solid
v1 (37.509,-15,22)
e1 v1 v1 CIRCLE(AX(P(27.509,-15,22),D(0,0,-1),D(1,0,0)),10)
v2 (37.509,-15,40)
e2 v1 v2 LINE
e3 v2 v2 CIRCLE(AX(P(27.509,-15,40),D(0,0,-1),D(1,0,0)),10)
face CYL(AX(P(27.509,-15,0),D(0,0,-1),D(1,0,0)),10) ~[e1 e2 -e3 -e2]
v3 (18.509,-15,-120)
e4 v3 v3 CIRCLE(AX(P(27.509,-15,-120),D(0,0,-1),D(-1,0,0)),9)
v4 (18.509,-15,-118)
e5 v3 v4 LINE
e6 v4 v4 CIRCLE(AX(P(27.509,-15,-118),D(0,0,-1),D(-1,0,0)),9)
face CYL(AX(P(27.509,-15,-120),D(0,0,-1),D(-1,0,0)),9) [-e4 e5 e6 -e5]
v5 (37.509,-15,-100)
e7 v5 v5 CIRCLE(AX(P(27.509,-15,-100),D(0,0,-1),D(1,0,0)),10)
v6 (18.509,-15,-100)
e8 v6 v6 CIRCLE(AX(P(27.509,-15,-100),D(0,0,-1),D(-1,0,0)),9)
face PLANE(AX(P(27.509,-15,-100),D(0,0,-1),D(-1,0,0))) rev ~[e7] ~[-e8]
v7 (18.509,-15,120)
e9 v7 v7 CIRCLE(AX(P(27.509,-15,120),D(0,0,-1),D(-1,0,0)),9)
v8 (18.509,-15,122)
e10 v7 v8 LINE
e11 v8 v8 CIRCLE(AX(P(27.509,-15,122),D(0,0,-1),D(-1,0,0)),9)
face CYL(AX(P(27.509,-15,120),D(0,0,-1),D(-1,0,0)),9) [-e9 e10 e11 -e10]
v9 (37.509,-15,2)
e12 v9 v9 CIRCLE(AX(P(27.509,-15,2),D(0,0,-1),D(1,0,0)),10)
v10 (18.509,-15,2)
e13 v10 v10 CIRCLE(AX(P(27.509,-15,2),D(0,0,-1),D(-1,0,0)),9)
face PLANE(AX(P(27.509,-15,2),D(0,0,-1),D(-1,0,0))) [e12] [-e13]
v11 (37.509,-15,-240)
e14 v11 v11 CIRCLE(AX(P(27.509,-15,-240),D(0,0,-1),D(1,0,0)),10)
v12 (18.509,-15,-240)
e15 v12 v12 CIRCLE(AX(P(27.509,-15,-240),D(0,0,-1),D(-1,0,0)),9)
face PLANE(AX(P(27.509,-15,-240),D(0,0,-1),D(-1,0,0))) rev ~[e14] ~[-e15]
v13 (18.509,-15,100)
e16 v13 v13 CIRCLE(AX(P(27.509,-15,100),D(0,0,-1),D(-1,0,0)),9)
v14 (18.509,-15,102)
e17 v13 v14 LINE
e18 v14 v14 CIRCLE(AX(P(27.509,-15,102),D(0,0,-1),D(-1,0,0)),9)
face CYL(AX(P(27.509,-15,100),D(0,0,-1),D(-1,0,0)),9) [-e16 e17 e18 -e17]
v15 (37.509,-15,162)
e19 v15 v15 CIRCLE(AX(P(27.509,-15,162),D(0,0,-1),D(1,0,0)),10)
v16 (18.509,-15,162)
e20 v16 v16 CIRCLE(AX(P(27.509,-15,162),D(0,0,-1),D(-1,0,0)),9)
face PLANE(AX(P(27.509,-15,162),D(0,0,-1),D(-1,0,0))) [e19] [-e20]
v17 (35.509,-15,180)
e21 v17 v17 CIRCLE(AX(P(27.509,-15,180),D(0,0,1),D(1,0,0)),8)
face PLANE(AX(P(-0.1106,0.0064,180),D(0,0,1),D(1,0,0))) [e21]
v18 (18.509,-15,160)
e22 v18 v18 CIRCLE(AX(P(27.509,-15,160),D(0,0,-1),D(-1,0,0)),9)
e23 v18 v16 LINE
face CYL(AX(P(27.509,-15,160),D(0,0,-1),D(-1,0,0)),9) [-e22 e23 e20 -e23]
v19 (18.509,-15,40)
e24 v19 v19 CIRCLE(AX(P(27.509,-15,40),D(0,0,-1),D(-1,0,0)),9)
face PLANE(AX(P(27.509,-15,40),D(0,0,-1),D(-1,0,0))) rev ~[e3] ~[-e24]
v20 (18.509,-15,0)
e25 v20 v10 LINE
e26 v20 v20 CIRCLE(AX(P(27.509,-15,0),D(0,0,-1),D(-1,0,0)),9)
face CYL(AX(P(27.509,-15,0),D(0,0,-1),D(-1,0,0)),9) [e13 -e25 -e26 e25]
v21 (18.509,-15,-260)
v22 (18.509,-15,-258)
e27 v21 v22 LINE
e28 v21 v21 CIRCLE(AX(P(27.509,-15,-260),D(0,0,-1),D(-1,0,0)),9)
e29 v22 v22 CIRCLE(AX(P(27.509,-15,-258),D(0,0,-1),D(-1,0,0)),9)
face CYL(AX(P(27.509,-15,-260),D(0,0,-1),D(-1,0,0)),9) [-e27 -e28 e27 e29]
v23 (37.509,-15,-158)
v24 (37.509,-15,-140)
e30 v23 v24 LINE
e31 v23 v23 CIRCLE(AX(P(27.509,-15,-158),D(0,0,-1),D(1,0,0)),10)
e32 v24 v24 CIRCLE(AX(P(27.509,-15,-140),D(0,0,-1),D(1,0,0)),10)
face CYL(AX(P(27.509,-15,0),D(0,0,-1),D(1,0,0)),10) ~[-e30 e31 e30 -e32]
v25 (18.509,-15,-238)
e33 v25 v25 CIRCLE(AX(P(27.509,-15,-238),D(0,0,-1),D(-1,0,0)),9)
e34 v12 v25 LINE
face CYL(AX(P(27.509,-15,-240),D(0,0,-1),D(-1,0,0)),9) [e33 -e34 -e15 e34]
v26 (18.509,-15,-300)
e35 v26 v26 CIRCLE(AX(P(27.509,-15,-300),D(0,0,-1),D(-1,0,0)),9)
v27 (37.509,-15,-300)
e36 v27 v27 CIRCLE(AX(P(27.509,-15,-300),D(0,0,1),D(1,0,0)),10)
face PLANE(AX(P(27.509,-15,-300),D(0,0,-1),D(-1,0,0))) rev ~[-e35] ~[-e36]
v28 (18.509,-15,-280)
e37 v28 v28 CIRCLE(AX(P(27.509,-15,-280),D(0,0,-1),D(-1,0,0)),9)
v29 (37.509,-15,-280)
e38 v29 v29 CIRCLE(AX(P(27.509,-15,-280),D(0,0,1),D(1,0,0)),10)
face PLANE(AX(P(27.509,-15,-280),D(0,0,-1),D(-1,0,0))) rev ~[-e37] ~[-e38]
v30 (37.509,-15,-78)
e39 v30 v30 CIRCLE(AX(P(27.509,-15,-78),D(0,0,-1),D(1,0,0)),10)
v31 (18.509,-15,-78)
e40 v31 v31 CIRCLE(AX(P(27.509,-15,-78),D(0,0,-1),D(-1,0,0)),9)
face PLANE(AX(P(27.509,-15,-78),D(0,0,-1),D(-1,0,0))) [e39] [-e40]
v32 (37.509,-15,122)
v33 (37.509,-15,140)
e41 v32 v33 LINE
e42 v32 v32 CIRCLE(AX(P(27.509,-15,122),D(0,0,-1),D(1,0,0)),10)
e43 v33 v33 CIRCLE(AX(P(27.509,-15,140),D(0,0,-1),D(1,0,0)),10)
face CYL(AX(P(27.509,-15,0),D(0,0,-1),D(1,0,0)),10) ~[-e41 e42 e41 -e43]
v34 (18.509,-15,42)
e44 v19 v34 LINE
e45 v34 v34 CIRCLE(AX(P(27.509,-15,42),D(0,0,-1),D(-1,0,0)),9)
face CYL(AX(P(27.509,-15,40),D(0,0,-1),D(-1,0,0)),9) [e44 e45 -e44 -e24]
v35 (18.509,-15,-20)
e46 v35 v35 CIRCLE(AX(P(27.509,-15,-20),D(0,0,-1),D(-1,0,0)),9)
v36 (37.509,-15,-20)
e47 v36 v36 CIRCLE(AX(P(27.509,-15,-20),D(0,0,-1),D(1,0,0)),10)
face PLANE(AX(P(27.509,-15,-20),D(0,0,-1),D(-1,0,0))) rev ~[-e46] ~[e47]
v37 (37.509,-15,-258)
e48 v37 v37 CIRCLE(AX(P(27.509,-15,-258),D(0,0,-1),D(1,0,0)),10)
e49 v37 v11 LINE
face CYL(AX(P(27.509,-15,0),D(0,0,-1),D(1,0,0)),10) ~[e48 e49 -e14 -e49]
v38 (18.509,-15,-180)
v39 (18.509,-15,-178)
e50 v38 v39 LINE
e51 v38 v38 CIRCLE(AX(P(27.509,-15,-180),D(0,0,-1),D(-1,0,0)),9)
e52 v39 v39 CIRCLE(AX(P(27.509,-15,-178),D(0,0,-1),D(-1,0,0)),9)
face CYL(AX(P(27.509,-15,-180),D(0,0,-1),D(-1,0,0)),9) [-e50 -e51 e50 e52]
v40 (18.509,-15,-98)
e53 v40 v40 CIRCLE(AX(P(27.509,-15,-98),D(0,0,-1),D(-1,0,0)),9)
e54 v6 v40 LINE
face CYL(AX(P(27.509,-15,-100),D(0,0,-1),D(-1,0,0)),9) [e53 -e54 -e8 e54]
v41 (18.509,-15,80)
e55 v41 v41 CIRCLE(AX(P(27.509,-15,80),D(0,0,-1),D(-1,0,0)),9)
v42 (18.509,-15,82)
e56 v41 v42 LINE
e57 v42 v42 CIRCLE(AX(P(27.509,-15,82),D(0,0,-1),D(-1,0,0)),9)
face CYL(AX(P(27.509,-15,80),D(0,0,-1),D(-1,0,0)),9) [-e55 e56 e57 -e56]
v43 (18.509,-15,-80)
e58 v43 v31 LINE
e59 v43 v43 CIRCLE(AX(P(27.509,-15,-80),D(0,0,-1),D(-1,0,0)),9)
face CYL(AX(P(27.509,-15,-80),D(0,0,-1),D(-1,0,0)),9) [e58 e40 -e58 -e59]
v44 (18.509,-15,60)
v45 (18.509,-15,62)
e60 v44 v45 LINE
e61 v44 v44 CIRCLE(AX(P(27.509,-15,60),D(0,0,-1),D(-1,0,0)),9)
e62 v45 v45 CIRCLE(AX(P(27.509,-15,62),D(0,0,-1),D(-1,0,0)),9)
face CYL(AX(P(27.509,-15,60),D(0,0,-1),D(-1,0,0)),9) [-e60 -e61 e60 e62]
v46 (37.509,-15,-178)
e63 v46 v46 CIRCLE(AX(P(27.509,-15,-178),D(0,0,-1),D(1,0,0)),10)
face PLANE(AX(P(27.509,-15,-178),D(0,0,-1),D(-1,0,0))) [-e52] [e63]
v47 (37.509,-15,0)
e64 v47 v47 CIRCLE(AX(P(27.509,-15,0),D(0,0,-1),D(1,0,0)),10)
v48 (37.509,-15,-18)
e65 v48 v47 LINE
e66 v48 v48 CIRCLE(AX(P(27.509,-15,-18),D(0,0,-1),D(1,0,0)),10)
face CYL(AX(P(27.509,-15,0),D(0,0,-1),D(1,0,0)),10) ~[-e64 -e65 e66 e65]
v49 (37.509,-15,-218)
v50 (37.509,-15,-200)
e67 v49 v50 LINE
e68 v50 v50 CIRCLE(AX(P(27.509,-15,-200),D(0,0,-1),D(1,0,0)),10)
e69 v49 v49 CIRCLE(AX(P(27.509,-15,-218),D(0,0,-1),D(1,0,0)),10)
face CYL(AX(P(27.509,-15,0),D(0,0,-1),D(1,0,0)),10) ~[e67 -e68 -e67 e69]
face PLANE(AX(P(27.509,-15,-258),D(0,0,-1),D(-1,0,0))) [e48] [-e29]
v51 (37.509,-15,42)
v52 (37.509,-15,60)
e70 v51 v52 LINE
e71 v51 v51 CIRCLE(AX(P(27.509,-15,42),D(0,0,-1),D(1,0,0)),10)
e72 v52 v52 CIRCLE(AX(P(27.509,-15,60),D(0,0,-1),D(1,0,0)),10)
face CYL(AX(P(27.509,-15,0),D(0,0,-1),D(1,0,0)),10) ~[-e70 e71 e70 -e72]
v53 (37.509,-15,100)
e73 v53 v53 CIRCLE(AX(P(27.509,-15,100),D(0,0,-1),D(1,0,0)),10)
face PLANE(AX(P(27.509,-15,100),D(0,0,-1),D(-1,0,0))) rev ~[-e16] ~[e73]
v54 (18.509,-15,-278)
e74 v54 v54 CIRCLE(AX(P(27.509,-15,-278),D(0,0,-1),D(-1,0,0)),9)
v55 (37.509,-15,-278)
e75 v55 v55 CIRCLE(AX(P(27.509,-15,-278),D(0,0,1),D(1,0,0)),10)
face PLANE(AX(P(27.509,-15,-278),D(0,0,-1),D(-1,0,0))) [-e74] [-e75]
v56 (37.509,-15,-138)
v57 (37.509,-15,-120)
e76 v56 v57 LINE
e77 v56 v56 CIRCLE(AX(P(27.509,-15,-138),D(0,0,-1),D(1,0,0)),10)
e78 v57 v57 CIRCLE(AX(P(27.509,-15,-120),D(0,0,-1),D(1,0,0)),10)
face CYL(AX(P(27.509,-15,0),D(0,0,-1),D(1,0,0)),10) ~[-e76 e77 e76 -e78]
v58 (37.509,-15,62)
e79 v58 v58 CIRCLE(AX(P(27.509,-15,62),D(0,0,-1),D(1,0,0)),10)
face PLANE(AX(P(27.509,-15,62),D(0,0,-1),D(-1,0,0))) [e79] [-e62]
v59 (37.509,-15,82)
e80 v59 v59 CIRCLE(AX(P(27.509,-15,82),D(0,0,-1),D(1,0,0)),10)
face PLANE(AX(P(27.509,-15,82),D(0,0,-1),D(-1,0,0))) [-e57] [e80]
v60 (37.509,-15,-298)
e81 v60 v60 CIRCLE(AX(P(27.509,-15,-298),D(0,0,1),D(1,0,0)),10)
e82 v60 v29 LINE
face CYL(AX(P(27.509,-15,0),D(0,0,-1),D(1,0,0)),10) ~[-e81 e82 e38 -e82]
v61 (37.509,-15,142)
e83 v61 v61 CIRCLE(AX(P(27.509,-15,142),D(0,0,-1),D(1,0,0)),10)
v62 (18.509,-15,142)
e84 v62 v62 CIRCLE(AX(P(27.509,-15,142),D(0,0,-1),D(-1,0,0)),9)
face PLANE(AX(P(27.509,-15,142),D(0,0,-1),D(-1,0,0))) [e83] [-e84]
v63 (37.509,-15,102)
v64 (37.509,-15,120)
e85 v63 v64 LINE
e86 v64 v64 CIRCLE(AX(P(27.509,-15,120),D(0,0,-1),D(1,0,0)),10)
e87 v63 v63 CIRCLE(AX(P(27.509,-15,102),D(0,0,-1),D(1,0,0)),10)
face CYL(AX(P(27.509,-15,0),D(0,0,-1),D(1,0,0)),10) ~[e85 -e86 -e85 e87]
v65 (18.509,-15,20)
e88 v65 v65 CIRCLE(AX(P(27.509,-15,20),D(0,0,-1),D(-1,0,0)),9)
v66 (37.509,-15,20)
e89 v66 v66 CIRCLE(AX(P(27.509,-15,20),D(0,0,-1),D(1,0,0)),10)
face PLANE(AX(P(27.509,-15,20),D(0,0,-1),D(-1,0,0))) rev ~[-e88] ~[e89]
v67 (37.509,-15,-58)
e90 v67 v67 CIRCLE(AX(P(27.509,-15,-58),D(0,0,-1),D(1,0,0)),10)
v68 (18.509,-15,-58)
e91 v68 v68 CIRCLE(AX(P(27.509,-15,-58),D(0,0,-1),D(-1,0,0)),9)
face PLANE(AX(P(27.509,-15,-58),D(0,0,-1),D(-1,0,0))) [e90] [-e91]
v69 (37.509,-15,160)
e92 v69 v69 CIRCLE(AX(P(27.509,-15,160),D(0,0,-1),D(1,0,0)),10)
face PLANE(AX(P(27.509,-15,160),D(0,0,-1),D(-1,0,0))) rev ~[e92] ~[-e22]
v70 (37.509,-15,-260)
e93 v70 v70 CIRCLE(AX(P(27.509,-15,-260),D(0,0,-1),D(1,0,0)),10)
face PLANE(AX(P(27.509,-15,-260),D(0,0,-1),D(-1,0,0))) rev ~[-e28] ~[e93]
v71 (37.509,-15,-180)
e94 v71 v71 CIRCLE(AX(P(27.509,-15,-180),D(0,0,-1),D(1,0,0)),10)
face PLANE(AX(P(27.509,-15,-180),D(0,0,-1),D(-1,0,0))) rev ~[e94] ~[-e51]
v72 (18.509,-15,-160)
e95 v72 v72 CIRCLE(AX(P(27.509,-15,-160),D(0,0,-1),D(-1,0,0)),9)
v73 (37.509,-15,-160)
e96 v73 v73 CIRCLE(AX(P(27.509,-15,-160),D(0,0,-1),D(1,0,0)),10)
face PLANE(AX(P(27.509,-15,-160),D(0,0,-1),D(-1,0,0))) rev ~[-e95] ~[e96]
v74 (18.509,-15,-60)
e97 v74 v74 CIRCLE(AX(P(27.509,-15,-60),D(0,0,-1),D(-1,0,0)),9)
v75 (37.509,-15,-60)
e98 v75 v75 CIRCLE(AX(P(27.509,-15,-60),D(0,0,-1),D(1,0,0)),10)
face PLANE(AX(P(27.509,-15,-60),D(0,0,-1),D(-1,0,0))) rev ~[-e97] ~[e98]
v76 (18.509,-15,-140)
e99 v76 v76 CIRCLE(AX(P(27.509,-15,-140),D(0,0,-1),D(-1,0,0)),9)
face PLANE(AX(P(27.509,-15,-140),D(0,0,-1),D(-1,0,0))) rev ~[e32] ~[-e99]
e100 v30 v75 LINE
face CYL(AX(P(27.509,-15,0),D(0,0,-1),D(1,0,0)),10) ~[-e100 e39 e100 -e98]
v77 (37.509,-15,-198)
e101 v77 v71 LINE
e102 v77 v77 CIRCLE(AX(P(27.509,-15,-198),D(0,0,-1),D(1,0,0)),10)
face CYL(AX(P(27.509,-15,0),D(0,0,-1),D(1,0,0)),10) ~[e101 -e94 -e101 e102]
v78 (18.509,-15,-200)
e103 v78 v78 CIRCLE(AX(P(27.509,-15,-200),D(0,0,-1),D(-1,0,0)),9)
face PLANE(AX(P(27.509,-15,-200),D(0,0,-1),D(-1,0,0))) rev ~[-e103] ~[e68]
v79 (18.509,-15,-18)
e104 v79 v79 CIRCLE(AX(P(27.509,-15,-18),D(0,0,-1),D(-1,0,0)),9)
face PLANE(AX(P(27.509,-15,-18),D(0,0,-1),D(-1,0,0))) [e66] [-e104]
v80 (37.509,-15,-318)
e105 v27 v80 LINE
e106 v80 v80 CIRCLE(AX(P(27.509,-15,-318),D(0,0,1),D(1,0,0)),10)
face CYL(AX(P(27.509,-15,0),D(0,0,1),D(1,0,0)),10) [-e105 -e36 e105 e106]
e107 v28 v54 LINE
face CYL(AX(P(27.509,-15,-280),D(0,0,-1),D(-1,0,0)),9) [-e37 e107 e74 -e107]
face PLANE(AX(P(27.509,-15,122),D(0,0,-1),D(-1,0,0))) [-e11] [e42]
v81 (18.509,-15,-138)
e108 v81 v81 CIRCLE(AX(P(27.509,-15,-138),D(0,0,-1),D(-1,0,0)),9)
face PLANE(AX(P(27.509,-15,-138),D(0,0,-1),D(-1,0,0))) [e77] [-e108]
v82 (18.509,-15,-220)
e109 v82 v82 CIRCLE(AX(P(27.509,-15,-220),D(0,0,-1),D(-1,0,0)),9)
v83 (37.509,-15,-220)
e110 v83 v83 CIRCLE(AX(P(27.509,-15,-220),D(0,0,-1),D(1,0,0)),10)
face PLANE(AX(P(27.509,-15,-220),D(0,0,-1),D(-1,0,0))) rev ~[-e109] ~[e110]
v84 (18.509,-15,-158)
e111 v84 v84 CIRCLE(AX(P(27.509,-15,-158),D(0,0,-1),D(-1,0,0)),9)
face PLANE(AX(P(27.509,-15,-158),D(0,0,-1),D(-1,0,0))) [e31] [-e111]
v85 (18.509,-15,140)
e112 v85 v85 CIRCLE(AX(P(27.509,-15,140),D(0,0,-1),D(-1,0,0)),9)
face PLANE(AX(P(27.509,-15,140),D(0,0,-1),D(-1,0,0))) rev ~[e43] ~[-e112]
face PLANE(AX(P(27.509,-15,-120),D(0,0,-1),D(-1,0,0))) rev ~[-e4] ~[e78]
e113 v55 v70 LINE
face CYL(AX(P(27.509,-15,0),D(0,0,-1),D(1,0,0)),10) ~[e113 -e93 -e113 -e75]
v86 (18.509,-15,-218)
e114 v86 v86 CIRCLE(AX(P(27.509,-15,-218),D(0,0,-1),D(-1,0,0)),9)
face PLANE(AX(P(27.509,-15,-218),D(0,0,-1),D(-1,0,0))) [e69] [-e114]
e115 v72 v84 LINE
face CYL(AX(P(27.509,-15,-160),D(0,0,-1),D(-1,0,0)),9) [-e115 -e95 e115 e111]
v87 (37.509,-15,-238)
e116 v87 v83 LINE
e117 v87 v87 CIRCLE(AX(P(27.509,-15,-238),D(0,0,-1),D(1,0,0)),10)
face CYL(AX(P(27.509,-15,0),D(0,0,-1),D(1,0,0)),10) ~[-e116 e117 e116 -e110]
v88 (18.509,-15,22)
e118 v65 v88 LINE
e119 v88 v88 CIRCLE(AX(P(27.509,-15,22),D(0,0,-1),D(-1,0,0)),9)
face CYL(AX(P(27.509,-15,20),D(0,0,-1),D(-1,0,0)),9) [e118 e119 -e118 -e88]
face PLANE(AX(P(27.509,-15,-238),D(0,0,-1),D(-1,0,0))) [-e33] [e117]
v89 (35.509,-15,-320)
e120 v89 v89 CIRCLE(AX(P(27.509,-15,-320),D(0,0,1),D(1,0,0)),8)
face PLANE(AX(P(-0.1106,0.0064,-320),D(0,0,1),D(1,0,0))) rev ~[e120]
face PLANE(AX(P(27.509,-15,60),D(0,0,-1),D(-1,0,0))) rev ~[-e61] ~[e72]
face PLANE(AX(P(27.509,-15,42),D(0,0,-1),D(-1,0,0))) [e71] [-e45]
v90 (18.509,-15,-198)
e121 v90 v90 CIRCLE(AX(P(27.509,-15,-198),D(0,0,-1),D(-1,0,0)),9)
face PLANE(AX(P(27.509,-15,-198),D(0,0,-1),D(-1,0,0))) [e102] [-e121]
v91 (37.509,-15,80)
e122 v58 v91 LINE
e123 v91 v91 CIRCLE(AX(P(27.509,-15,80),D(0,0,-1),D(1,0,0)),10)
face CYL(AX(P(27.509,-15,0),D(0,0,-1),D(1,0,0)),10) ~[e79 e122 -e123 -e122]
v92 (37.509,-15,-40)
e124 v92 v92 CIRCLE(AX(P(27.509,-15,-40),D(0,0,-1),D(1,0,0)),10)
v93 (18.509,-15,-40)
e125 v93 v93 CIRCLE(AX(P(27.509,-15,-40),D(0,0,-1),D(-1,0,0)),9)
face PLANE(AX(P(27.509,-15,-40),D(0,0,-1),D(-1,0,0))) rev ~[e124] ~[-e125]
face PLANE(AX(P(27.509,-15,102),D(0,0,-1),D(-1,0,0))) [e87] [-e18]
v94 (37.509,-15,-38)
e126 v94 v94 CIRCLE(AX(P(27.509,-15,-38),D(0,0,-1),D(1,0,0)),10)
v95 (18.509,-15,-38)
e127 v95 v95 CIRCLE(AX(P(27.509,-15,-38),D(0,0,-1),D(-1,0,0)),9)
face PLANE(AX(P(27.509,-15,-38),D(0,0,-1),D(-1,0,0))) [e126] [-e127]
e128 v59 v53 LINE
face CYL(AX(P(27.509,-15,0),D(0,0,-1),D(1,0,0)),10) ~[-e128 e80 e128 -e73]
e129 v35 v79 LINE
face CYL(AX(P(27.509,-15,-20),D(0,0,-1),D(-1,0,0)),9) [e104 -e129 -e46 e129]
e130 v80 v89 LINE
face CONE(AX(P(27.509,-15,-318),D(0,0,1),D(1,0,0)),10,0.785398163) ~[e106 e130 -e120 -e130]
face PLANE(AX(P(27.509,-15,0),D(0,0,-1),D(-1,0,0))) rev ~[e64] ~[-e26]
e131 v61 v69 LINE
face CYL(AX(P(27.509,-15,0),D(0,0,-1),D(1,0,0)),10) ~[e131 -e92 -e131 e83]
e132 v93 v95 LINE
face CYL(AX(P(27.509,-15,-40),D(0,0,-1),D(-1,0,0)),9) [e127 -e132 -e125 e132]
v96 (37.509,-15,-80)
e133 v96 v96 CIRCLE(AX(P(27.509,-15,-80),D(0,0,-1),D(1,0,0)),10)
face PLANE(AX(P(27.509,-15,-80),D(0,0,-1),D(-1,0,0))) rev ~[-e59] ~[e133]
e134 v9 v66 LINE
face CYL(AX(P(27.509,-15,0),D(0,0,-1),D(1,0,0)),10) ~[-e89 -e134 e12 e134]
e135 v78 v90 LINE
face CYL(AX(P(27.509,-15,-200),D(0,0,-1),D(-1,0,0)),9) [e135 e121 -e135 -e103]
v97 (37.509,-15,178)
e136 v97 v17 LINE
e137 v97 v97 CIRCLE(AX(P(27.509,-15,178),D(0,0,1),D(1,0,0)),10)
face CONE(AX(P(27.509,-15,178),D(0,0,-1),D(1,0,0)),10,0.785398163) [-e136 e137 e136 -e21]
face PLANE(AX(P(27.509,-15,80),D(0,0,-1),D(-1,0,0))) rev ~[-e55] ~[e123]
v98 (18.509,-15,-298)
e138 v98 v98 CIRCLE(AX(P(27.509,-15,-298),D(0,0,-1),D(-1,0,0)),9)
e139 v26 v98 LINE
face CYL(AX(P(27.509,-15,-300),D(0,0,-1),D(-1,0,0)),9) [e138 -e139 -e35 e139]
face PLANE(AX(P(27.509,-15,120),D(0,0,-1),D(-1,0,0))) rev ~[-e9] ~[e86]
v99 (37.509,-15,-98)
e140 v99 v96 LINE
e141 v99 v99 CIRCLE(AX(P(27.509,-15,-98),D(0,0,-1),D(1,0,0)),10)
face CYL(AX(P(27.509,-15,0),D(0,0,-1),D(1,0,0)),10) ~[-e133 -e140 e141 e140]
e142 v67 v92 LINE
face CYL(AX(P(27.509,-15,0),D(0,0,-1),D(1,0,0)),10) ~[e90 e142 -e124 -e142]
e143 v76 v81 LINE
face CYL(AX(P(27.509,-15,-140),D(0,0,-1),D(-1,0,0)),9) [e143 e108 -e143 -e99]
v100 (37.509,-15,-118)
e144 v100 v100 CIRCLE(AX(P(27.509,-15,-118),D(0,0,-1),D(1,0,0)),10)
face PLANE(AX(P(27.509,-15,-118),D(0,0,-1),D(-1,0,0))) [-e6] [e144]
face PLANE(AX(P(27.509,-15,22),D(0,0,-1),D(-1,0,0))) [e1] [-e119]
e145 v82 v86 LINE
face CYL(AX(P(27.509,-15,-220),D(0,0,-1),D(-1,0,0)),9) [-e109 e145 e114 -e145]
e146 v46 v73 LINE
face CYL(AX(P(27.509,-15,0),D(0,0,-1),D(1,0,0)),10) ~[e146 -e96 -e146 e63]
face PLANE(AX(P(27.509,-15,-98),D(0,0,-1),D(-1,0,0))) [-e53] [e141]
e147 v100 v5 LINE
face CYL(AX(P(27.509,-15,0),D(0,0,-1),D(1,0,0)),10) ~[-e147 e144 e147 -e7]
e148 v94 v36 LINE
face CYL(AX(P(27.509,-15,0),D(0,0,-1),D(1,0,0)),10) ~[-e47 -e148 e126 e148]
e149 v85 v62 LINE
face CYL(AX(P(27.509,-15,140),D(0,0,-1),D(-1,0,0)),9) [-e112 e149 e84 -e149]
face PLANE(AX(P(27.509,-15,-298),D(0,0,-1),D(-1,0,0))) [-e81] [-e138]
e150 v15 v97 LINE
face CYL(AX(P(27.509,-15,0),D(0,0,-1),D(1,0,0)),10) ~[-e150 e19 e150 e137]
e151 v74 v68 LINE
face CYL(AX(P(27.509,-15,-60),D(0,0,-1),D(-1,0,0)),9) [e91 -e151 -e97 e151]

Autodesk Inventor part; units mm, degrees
ref_plane "YZ Plane" through (0, 0, 0) normal (1, 0, 0) x (0, 1, 0)
ref_plane "XZ Plane" through (0, 0, 0) normal (0, 1, 0) x (-1, 0, 0)
ref_plane "XY Plane" through (0, 0, 0) normal (0, 0, 1) x (1, 0, 0)
ref_plane "Płaszczyzna konstrukcyjna1" through (-0.1106, 0.0064, 0) normal (0, 0, 1) x (1, 0, 0)
sketch "Szkic1" plane through (-0.1106, 0.0064, 0) normal (0, 0, 1) x (1, 0, 0)
  circle A0 centre (27.6196, -15.0064) radius 10 projected
  circle A1 centre (27.6196, -15.0064) radius 10
  point P0 (0.1106, -0.0064)
  dimension "d0" = 20
extrude "Wyciągnięcie proste1" add sketch "Szkic1" along normal blind 180 and the other way blind 320
chamfer "Faza1" distance 2 angle 45 2 edges at (17.509, -15, 180) (17.509, -15, -320)
ref_plane "Płaszczyzna konstrukcyjna2" through (27.509, -15, -300) normal (0, 0, -1) x (-1, 0, 0)
sketch "Szkic2" plane through (27.509, -15, -300) normal (0, 0, -1) x (-1, 0, 0)
  circle A0 centre (0, 0) radius 10
  circle A1 centre (0, 0) radius 9
  point P0 (27.509, 15)
  dimension "d9" = 20
  dimension "d10" = 18
extrude "Wyciągnięcie proste2" cut sketch "Szkic2" against normal blind 2
pattern_linear "Szyk prostokątny1" count 24 spacing 20 along (0, 0, 1) of "Wyciągnięcie proste2"
properties part number "ryrka2"
